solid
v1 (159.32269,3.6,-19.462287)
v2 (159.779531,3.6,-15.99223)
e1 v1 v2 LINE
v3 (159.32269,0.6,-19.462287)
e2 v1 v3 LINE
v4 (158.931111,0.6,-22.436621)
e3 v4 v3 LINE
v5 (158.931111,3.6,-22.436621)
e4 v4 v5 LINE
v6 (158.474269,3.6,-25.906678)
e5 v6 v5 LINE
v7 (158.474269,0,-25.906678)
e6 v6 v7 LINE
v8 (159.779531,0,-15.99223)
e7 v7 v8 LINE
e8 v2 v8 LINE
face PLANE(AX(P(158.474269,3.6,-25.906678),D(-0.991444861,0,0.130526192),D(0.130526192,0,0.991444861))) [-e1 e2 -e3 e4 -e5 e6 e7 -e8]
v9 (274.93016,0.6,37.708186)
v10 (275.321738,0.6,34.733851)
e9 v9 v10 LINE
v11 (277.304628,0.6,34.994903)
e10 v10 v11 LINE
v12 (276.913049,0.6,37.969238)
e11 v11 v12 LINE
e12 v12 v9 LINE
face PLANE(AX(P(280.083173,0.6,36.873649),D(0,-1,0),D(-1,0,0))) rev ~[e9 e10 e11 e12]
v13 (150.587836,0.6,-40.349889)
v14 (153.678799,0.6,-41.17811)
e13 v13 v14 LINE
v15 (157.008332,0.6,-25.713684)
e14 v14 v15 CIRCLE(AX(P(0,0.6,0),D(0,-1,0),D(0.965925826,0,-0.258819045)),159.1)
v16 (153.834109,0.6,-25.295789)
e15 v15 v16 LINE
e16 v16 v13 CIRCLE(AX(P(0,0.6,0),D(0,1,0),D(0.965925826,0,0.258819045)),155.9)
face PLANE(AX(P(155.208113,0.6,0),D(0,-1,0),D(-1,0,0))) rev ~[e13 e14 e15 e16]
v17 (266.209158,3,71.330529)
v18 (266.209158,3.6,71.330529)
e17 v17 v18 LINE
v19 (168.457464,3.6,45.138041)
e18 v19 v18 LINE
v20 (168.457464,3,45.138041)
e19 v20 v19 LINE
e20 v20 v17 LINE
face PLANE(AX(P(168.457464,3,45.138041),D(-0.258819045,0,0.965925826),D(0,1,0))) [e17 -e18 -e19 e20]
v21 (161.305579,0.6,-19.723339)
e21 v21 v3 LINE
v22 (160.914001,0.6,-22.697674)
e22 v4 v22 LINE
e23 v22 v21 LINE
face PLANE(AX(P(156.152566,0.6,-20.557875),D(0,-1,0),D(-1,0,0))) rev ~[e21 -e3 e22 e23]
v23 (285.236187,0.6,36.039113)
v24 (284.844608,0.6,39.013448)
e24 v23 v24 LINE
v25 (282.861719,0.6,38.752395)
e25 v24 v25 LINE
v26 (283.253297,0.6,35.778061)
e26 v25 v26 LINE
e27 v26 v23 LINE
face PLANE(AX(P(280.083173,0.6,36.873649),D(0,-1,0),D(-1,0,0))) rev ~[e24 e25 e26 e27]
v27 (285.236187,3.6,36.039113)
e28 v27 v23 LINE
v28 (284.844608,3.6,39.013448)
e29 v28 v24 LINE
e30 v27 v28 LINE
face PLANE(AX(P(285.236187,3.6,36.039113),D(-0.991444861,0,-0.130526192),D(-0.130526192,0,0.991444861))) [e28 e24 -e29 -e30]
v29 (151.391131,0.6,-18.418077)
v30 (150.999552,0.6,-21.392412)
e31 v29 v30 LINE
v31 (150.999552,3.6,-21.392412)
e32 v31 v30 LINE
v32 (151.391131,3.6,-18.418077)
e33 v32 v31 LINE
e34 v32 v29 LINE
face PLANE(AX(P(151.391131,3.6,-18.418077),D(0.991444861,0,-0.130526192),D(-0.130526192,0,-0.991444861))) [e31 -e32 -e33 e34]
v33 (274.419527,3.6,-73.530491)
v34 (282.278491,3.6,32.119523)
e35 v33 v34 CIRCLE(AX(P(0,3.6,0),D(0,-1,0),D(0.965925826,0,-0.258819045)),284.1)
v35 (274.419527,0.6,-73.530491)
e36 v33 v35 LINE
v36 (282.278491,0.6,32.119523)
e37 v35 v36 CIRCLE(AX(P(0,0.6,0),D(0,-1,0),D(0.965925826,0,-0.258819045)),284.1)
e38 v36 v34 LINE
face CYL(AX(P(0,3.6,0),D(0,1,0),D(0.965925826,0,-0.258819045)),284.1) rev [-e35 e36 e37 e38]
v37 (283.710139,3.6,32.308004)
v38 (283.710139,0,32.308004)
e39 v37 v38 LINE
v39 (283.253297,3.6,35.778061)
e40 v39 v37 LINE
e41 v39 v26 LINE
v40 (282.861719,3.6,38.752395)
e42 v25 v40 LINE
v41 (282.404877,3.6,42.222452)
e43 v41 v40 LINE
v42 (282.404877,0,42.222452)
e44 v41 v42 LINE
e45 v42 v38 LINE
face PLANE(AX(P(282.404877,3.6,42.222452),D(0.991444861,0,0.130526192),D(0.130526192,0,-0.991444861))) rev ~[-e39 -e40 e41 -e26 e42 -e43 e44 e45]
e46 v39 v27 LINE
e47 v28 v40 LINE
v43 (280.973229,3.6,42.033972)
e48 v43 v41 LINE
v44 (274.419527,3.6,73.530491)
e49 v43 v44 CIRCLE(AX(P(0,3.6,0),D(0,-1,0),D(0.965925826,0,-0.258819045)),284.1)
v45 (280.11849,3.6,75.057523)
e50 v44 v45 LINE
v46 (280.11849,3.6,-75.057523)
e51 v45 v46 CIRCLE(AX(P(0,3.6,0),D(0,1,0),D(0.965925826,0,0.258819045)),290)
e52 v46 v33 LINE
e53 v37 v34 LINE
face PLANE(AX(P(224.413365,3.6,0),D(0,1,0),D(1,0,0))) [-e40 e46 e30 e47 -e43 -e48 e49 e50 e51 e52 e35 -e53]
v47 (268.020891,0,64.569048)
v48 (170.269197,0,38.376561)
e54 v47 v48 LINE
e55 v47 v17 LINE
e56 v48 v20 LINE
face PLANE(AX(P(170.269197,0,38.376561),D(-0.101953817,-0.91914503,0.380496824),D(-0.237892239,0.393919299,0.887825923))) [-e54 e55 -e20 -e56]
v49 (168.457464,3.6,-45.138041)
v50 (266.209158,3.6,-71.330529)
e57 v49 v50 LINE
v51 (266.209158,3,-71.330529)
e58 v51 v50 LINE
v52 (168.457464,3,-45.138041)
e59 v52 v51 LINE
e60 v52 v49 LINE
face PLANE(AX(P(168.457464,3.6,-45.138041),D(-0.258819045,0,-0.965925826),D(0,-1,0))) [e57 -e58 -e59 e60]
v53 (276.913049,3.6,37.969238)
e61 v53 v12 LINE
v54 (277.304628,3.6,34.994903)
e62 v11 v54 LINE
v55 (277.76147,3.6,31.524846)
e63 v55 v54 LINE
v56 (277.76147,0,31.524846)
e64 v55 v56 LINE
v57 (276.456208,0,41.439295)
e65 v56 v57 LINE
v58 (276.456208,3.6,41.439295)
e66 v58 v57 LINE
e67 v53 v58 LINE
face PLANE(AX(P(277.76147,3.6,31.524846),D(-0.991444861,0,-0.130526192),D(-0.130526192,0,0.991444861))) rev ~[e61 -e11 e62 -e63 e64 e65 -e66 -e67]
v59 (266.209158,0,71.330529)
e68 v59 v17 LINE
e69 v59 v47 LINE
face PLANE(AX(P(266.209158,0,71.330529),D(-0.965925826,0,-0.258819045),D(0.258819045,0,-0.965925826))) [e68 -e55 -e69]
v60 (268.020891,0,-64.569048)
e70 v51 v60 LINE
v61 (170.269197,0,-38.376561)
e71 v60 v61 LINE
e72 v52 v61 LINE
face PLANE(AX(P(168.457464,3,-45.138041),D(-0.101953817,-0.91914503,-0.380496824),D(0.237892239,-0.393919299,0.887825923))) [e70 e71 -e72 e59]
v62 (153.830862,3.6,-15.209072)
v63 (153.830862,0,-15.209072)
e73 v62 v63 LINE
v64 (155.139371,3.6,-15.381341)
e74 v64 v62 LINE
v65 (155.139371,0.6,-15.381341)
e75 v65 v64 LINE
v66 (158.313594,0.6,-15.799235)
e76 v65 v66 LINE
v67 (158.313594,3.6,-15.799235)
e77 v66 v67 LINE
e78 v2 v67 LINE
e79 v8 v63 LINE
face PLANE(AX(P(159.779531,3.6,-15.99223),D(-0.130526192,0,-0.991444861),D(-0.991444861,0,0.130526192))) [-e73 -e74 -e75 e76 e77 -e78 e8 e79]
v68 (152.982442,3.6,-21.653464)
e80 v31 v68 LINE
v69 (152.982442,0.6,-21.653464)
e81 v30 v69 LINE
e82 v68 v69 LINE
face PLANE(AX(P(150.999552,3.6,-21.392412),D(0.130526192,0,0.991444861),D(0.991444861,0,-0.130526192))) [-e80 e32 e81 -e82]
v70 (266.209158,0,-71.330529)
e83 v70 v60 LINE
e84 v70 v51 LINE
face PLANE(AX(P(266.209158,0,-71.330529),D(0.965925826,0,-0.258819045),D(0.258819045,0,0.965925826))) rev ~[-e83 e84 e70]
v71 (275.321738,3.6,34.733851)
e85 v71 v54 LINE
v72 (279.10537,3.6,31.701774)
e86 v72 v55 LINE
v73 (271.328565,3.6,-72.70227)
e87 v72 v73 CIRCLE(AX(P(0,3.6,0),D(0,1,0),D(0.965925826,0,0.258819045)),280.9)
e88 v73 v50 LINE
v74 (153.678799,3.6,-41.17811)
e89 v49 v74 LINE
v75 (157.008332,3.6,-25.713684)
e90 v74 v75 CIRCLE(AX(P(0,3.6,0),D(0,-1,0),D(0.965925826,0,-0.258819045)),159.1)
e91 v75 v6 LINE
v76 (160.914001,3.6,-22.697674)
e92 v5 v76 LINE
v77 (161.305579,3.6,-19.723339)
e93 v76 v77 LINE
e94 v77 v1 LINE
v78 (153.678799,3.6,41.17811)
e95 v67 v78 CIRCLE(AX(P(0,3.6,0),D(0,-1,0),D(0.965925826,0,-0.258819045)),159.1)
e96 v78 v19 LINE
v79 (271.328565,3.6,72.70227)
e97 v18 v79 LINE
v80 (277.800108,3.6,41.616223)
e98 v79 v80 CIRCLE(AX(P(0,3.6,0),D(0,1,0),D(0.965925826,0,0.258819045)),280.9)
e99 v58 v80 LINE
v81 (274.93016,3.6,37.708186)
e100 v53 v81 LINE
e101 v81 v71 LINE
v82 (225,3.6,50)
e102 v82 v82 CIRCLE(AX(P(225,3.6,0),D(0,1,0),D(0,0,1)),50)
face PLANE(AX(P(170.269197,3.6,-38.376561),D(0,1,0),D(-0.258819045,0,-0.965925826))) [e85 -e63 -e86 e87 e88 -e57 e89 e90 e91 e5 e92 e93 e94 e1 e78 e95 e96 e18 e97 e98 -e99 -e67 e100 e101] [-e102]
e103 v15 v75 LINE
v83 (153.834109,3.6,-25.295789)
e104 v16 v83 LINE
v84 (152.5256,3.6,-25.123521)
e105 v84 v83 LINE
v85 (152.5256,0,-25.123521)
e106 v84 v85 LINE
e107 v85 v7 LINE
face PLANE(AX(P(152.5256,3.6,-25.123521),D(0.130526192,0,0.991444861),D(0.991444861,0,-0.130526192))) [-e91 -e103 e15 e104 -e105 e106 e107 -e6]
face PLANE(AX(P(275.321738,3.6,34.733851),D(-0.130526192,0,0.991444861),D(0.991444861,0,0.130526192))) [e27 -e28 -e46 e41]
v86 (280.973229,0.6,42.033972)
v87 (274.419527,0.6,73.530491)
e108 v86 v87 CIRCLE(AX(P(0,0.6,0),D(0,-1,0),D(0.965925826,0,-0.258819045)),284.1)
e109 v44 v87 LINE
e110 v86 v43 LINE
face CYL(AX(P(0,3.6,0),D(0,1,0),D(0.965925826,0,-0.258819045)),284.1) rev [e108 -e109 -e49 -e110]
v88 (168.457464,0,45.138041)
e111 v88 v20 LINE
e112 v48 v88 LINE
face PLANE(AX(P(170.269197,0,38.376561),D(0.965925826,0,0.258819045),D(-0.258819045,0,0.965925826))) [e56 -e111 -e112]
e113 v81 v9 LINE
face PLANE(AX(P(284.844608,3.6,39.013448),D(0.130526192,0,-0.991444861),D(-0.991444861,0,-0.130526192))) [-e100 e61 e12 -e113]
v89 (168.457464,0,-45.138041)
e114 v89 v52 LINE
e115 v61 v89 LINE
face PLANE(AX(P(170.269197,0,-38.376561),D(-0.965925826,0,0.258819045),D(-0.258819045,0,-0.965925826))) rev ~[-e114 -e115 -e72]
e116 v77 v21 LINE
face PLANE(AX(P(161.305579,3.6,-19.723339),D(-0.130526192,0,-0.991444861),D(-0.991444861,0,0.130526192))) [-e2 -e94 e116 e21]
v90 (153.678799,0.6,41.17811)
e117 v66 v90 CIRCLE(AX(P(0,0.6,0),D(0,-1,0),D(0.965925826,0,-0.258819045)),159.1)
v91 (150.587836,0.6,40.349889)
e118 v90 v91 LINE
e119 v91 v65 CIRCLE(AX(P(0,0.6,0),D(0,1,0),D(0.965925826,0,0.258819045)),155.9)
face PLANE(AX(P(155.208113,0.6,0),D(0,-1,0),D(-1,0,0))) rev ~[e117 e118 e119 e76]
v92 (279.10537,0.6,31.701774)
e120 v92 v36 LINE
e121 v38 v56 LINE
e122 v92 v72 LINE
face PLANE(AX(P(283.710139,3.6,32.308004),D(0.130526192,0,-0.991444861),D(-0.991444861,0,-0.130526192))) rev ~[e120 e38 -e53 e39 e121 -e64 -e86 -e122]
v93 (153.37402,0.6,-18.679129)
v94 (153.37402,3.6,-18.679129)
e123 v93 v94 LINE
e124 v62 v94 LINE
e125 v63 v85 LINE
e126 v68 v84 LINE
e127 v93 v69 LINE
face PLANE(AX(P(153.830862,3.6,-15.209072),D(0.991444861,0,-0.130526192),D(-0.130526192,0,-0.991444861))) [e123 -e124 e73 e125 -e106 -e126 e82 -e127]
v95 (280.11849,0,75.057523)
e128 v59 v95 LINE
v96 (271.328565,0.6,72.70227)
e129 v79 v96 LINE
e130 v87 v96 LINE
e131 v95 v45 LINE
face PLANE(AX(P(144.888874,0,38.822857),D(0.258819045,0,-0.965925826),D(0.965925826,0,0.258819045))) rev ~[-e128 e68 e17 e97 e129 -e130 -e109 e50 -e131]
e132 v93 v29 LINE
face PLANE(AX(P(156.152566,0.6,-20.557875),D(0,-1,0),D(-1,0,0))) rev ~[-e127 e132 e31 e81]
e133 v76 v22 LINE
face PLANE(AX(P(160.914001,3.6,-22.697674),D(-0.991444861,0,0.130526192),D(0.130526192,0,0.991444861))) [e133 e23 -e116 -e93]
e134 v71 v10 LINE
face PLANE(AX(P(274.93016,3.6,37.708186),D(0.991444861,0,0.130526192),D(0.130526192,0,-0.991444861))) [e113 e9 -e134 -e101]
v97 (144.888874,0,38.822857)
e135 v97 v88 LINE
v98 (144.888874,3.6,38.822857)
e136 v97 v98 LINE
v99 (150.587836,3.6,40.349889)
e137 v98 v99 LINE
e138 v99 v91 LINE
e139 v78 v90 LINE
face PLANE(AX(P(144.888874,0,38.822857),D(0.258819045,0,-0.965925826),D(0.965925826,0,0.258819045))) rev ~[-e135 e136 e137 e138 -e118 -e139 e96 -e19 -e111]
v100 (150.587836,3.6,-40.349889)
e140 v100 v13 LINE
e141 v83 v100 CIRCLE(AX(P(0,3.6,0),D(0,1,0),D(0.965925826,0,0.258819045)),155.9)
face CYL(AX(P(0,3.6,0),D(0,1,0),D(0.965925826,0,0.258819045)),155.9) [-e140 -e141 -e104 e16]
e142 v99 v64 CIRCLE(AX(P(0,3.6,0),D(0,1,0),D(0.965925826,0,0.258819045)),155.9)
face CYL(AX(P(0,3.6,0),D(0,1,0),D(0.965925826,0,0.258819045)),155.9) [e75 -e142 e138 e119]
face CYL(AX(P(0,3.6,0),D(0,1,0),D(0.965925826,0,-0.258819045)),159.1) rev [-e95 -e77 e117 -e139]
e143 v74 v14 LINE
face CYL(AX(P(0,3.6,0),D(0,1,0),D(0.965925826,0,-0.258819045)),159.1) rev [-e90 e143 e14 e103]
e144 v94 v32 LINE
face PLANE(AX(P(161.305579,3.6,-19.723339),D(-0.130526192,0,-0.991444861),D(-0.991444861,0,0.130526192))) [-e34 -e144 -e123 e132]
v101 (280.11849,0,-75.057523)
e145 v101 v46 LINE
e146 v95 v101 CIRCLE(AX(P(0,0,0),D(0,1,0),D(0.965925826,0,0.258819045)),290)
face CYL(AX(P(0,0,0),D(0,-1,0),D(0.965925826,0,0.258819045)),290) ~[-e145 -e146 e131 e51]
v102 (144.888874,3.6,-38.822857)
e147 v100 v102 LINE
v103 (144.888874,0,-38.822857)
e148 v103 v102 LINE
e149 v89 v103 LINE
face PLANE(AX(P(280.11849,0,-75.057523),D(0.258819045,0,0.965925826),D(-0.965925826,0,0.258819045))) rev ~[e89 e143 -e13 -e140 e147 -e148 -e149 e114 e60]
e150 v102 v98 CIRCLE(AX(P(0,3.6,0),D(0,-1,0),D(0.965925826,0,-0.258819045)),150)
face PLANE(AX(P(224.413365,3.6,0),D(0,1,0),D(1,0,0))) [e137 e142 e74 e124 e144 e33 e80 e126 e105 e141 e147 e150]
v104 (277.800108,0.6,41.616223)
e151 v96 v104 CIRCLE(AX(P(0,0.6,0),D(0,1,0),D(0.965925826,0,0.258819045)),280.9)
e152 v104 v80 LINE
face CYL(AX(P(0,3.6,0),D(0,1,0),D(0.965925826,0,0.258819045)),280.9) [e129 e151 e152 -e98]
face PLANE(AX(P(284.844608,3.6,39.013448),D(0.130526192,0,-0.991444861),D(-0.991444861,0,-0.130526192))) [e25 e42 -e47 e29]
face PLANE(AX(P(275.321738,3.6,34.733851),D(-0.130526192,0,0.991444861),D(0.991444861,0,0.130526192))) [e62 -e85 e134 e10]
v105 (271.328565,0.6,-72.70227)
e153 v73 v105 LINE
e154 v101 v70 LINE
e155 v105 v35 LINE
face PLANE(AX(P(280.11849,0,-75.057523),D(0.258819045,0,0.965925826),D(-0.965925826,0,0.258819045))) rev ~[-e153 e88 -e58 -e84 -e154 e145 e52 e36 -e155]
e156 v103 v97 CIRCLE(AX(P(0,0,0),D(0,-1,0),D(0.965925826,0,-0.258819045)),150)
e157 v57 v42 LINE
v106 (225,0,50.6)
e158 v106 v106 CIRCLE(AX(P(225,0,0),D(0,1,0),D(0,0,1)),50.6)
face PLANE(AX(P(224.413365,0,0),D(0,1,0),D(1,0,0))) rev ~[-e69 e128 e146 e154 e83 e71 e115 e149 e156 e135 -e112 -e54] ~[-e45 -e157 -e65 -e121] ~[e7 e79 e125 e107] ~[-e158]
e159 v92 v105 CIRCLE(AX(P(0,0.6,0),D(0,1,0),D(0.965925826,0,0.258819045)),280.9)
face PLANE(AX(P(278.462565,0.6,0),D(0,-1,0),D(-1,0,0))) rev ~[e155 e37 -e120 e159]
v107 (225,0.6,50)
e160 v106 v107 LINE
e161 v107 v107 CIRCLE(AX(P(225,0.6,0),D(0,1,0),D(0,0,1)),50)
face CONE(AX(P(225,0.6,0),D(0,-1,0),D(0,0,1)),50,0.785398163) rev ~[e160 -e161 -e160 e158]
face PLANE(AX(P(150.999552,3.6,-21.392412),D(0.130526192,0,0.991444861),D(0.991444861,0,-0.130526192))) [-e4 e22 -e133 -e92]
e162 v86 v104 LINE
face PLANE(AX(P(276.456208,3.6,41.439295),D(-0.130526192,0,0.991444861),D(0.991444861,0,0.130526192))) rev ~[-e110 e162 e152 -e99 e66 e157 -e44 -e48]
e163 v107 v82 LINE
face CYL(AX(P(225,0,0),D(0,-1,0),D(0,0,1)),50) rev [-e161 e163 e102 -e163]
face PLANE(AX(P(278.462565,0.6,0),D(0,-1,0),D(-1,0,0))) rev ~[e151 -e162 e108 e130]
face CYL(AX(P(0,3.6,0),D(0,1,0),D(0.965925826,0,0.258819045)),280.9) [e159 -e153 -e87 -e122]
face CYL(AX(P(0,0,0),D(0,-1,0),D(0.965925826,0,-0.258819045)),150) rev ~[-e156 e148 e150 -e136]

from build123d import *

# Parameters (mm, degrees)
SKIZZE1_R                       = 50
AUFSATZ_LINEAR_AUSTRAGEN1_DEPTH = 3.6
SCHNITT_LINEAR_AUSTRAGEN1_DEPTH = 3
SCHNITT_LINEAR_AUSTRAGEN2_DEPTH = 300.577355237
SCHNITT_LINEAR_AUSTRAGEN3_DEPTH = 3
FASE1_SIZE                      = 0.6
SCHNITT_LINEAR_AUSTRAGEN4_DEPTH = 300.577355237
AUFSATZ_LINEAR_AUSTRAGEN4_DEPTH = 101.2
AUFSATZ_LINEAR_AUSTRAGEN5_DEPTH = 101.2


with BuildPart() as part:
    # Skizze1 → Aufsatz-Linear austragen1 (new body)
    with BuildSketch(Plane(origin=(0, 0, 0), x_dir=(1, 0, 0), z_dir=(0, 1, 0))):
        with BuildLine():
            Line((280.118489624, 75.05752308), (144.888873943, 38.822856765))
            ThreePointArc((144.888873943, 38.822856765), (150, 0), (144.888873943, -38.822856765))
            Line((144.888873943, -38.822856765), (280.118489624, -75.05752308))
            ThreePointArc((280.118489624, -75.05752308), (290, 0), (280.118489624, 75.05752308))
        make_face()
        with Locations(Location((225, 0, 0), (0, 0, 270))):
            Circle(SKIZZE1_R, mode=Mode.SUBTRACT)
    extrude(amount=AUFSATZ_LINEAR_AUSTRAGEN1_DEPTH)

    # Skizze2 → Schnitt-Linear austragen1 (cut)
    with BuildSketch(Plane(origin=(0, 3.6, 0), x_dir=(1, 0, 0), z_dir=(0, 1, 0))):
        with BuildLine():
            Line((150.587836318, 40.349889131), (153.678798963, 41.178110076))
            ThreePointArc((153.678798963, 41.178110076), (159.1, 0), (153.678798963, -41.178110076))
            Line((153.678798963, -41.178110076), (150.587836318, -40.349889131))
            ThreePointArc((150.587836318, -40.349889131), (155.9, 0), (150.587836318, 40.349889131))
        make_face()
        with BuildLine():
            Line((271.328564605, 72.702269769), (274.419527249, 73.530490714))
            ThreePointArc((274.419527249, 73.530490714), (284.1, 0), (274.419527249, -73.530490714))
            Line((274.419527249, -73.530490714), (271.328564605, -72.702269769))
            ThreePointArc((271.328564605, -72.702269769), (280.9, 0), (271.328564605, 72.702269769))
        make_face()
    extrude(amount=-SCHNITT_LINEAR_AUSTRAGEN1_DEPTH, mode=Mode.SUBTRACT)

    # Skizze3 → Schnitt-Linear austragen2 (cut, through all)
    with BuildSketch(Plane(origin=(0, 3.6, 0), x_dir=(1, 0, 0), z_dir=(0, 1, 0))):
        Polygon((152.525600121, 25.123521005), (158.474269289, 25.906678158), (159.779531212, 15.992229544), (153.830862043, 15.209072391), align=None)
        Polygon((276.456207793, -41.439295032), (282.404876961, -42.222452186), (283.710138883, -32.308003572), (277.761469715, -31.524846419), align=None)
    extrude(amount=-SCHNITT_LINEAR_AUSTRAGEN2_DEPTH, mode=Mode.SUBTRACT)

    # Skizze4 → Schnitt-Linear austragen3 (cut)
    with BuildSketch(Plane(origin=(0, 3.6, 0), x_dir=(1, 0, 0), z_dir=(0, 1, 0))):
        Polygon((150.999552071, 21.392411606), (160.914000685, 22.697673528), (161.305579262, 19.723338944), (151.391130648, 18.418077021), align=None)
        Polygon((275.32173832, -34.733851049), (285.236186933, -36.039112971), (284.844608357, -39.013447555), (274.930159743, -37.708185633), align=None)
    extrude(amount=-SCHNITT_LINEAR_AUSTRAGEN3_DEPTH, mode=Mode.SUBTRACT)

    # Fase1
    fase1_edges = [part.edges().sort_by_distance(p)[0] for p in [
        (225, 0, -50),
    ]]
    chamfer(fase1_edges, length=FASE1_SIZE)

    # Skizze5 → Schnitt-Linear austragen4 (cut, through all)
    with BuildSketch(Plane.XZ):
        Polygon((168.457464105, 45.138041466), (266.209157725, 71.33052883), (268.020891041, 64.569048046), (170.269197421, 38.376560682), align=None)
        Polygon((168.457464105, -45.138041466), (266.209157725, -71.33052883), (268.020891041, -64.569048046), (170.269197421, -38.376560682), align=None)
    extrude(amount=-SCHNITT_LINEAR_AUSTRAGEN4_DEPTH, mode=Mode.SUBTRACT)

    # Skizze6 → Aufsatz-Linear austragen4 (add)
    with BuildSketch(Plane(origin=(168.457464105, 0, 45.138041466), x_dir=(0.25881904510252185, 0, -0.965925826289068), z_dir=(0.9659258262890681, 0, 0.25881904510252185))):
        Polygon((0, 3.6), (7, 3.6), (7, 0), (0, 3), align=None)
    extrude(amount=AUFSATZ_LINEAR_AUSTRAGEN4_DEPTH)

    # Skizze7 → Aufsatz-Linear austragen5 (add)
    with BuildSketch(Plane(origin=(168.457464105, 0, -45.138041466), x_dir=(-0.2588190451025227, 0, -0.9659258262890678), z_dir=(0.9659258262890678, 0, -0.2588190451025227))):
        Polygon((-7, 0), (-7, 3.6), (0, 3.6), (0, 3), align=None)
    extrude(amount=AUFSATZ_LINEAR_AUSTRAGEN5_DEPTH)


solid = part.part
